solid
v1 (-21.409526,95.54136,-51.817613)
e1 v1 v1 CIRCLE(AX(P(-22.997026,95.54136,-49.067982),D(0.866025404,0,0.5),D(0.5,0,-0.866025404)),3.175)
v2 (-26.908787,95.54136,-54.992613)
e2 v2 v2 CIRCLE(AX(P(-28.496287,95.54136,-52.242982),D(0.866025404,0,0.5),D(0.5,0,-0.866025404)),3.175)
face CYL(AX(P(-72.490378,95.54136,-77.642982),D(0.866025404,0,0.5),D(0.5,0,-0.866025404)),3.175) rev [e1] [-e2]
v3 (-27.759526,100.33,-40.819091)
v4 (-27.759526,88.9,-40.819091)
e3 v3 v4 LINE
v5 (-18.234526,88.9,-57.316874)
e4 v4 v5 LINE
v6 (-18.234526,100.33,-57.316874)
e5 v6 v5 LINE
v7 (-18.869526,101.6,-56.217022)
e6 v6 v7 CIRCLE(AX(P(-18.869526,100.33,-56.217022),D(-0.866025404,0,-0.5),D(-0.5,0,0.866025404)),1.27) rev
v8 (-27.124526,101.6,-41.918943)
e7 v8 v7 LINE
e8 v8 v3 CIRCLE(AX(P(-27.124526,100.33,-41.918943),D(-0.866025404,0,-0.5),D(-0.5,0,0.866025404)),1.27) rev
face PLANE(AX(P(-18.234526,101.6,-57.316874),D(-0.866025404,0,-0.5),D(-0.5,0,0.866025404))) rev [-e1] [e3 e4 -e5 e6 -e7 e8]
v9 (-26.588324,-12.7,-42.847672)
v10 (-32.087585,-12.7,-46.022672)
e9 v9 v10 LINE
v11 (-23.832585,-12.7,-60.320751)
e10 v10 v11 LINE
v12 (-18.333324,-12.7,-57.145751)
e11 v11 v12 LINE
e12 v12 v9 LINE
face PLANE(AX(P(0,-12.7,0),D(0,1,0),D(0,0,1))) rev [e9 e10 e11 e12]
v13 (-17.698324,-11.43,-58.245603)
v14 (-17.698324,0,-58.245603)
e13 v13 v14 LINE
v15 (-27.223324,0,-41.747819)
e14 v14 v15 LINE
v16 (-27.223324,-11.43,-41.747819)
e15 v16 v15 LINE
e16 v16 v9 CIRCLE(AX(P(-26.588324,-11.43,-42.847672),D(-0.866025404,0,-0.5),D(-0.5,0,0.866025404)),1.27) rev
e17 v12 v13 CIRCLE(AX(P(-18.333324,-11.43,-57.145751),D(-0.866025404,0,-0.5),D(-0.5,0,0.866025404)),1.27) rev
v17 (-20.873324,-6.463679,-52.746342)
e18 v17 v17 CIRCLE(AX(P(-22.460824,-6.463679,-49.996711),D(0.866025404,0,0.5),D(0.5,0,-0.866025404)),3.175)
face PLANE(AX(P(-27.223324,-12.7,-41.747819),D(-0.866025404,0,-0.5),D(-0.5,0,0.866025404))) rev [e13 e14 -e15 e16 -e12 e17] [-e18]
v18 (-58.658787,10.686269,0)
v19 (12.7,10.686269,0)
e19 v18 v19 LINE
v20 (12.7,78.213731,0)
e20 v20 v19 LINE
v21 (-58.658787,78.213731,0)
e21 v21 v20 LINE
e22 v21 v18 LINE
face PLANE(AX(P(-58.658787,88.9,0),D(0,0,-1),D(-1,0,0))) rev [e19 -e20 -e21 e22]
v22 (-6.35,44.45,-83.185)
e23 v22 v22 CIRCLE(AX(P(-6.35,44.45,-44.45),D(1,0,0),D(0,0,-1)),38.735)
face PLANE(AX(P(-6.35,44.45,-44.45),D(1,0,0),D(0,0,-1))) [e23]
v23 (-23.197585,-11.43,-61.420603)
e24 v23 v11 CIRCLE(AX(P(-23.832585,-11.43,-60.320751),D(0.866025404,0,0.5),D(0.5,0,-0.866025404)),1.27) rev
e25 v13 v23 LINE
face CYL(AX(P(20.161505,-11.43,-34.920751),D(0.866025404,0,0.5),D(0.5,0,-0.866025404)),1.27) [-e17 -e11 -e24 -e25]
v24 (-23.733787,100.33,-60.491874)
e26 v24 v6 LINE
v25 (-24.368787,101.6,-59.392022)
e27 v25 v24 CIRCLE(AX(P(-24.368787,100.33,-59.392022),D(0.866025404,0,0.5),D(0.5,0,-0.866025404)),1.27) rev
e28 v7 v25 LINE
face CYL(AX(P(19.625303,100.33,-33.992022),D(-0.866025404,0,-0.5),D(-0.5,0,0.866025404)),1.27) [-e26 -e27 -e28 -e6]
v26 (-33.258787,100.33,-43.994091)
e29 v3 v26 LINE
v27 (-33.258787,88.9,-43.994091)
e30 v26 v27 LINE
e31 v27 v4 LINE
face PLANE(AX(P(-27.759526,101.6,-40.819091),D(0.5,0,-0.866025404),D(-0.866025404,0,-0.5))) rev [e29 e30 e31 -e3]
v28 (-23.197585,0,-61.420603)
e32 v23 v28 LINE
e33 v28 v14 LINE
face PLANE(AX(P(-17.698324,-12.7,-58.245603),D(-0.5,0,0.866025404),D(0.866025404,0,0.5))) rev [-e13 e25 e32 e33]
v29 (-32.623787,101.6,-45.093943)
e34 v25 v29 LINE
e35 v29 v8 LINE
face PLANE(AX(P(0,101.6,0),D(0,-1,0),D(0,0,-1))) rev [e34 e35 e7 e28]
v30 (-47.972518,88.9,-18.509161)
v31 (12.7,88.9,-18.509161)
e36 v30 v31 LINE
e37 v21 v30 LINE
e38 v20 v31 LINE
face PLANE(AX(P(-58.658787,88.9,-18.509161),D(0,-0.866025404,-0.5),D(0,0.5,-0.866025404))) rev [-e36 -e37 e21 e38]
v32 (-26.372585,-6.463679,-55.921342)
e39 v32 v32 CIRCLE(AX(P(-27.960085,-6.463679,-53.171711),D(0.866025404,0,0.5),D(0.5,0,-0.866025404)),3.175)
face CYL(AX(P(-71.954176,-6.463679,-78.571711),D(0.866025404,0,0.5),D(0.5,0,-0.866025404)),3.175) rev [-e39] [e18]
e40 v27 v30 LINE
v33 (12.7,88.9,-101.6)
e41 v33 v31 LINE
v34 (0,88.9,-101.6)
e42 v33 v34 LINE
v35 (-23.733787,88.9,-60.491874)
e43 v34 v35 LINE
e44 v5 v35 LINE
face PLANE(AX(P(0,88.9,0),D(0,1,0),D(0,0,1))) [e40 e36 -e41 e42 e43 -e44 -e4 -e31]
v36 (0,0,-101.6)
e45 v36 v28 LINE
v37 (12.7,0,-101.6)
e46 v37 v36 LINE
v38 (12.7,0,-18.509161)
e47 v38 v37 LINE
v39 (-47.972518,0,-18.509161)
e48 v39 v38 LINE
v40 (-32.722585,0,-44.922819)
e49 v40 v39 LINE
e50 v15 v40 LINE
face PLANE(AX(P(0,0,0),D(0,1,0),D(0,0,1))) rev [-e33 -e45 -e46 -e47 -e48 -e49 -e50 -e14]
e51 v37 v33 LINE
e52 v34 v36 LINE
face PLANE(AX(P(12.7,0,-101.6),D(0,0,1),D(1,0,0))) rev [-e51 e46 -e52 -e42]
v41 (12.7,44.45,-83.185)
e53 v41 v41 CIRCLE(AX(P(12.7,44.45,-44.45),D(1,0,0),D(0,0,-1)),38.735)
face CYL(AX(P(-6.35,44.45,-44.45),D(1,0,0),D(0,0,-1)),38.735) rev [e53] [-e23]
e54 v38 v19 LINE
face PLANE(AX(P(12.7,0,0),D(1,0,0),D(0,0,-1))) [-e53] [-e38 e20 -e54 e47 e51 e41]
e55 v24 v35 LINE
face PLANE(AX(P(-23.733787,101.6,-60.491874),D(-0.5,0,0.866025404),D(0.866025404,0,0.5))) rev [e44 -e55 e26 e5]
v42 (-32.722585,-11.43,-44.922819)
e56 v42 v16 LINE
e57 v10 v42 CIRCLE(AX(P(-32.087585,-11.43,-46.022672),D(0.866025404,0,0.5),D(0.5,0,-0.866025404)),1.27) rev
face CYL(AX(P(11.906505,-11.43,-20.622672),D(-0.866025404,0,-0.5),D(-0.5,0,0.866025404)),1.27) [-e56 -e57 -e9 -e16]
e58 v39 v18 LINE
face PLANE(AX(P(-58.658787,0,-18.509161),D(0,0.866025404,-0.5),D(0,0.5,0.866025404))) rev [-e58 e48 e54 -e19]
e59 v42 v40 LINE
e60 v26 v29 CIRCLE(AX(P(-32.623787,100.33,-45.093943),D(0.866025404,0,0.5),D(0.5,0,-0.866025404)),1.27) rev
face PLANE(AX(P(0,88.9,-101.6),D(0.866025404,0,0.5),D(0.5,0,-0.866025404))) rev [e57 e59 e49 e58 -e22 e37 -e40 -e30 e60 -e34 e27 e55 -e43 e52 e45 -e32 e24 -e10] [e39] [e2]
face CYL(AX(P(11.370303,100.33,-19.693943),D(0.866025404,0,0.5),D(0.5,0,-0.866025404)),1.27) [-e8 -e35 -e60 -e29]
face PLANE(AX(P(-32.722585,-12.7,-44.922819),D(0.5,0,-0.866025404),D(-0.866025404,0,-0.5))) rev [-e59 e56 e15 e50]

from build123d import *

# Parameters (mm, degrees)
BOSS_EXTRUDE1_DEPTH = 88.9
SKETCH2_R           = 38.735
CUT_EXTRUDE1_DEPTH  = 6.35
SKETCH3_W           = 101.6
SKETCH3_H           = 88.9
SKETCH3_R           = 38.735
BOSS_EXTRUDE2_DEPTH = 12.7
BOSS_EXTRUDE4_DEPTH = 12.7
SKETCH6_R           = 3.175
CUT_EXTRUDE2_DEPTH  = 58.15
BOSS_EXTRUDE5_DEPTH = 12.7
SKETCH8_R           = 3.175
CUT_EXTRUDE3_DEPTH  = 58.15
FILLET1_R           = 1.27
CUT_EXTRUDE4_DEPTH  = 72.35878735


with BuildPart() as part:
    # Sketch1 → Boss-Extrude1 (new body)
    with BuildSketch(Plane(origin=(0, 0, 0), x_dir=(1, 0, 0), z_dir=(0, 1, 0))):
        Polygon((0, 0), (0, 101.6), (-58.65878735, 0), align=None)
    extrude(amount=BOSS_EXTRUDE1_DEPTH)

    # Sketch2 → Cut-Extrude1 (cut)
    with BuildSketch(Plane(origin=(0, 0, 0), x_dir=(0, 0, -1), z_dir=(1, 0, 0))):
        with Locations((44.45, 44.45)):
            Circle(SKETCH2_R)
    extrude(amount=-CUT_EXTRUDE1_DEPTH, mode=Mode.SUBTRACT)

    # Sketch3 → Boss-Extrude2 (add)
    with BuildSketch(Plane(origin=(0, 0, 0), x_dir=(0, 0, -1), z_dir=(1, 0, 0))):
        with Locations((50.8, 44.45)):
            Rectangle(SKETCH3_W, SKETCH3_H)
        with Locations((44.45, 44.45)):
            Circle(SKETCH3_R, mode=Mode.SUBTRACT)
    extrude(amount=BOSS_EXTRUDE2_DEPTH)

    # Sketch5 → Boss-Extrude4 (add)
    with BuildSketch(Plane.XZ):
        Polygon((-23.197585425, -61.42060343), (-32.722585425, -44.922819488), (-27.223324111, -41.747819488), (-17.698324111, -58.24560343), align=None)
    extrude(amount=BOSS_EXTRUDE4_DEPTH)

    # Sketch6 → Cut-Extrude2 (cut, through all)
    with BuildSketch(Plane(origin=(-38.494829198, 0, -22.225), x_dir=(0.5, 0, -0.866025404), z_dir=(0.866025404, 0, 0.5))):
        with Locations((32.068010174, -6.46367916)):
            Circle(SKETCH6_R)
    extrude(amount=-CUT_EXTRUDE2_DEPTH, mode=Mode.SUBTRACT)

    # Sketch7 → Boss-Extrude5 (add)
    with BuildSketch(Plane(origin=(0, 88.9, 0), x_dir=(1, 0, 0), z_dir=(0, 1, 0))):
        Polygon((-23.73378735, 60.491874454), (-18.234526036, 57.316874454), (-27.759526036, 40.819090512), (-33.25878735, 43.994090512), align=None)
    extrude(amount=BOSS_EXTRUDE5_DEPTH)

    # Sketch8 → Cut-Extrude3 (cut, through all)
    with BuildSketch(Plane(origin=(-38.494829198, 0, -22.225), x_dir=(0.5, 0, -0.866025404), z_dir=(0.866025404, 0, 0.5))):
        with Locations((30.995606325, 95.541359592)):
            Circle(SKETCH8_R)
    extrude(amount=-CUT_EXTRUDE3_DEPTH, mode=Mode.SUBTRACT)

    # Fillet1
    fillet1_edges = [part.edges().sort_by_distance(p)[0] for p in [
        (-20.447954768, -12.7, -59.83310343),
        (-29.972954768, -12.7, -43.335319488),
        (-30.509156693, 101.6, -42.406590512),
        (-20.984156693, 101.6, -58.904374454),
    ]]
    fillet(fillet1_edges, radius=FILLET1_R)

    # Sketch9 → Cut-Extrude4 (cut, through all)
    with BuildSketch(Plane(origin=(12.7, 0, 0), x_dir=(0, 0, -1), z_dir=(1, 0, 0))):
        Polygon((18.509160794, 88.9), (0, 78.213731033), (0, 88.9), align=None)
        Polygon((0, 10.686268967), (0, 0), (18.509160794, 0), align=None)
    extrude(amount=-CUT_EXTRUDE4_DEPTH, mode=Mode.SUBTRACT)


solid = part.part
